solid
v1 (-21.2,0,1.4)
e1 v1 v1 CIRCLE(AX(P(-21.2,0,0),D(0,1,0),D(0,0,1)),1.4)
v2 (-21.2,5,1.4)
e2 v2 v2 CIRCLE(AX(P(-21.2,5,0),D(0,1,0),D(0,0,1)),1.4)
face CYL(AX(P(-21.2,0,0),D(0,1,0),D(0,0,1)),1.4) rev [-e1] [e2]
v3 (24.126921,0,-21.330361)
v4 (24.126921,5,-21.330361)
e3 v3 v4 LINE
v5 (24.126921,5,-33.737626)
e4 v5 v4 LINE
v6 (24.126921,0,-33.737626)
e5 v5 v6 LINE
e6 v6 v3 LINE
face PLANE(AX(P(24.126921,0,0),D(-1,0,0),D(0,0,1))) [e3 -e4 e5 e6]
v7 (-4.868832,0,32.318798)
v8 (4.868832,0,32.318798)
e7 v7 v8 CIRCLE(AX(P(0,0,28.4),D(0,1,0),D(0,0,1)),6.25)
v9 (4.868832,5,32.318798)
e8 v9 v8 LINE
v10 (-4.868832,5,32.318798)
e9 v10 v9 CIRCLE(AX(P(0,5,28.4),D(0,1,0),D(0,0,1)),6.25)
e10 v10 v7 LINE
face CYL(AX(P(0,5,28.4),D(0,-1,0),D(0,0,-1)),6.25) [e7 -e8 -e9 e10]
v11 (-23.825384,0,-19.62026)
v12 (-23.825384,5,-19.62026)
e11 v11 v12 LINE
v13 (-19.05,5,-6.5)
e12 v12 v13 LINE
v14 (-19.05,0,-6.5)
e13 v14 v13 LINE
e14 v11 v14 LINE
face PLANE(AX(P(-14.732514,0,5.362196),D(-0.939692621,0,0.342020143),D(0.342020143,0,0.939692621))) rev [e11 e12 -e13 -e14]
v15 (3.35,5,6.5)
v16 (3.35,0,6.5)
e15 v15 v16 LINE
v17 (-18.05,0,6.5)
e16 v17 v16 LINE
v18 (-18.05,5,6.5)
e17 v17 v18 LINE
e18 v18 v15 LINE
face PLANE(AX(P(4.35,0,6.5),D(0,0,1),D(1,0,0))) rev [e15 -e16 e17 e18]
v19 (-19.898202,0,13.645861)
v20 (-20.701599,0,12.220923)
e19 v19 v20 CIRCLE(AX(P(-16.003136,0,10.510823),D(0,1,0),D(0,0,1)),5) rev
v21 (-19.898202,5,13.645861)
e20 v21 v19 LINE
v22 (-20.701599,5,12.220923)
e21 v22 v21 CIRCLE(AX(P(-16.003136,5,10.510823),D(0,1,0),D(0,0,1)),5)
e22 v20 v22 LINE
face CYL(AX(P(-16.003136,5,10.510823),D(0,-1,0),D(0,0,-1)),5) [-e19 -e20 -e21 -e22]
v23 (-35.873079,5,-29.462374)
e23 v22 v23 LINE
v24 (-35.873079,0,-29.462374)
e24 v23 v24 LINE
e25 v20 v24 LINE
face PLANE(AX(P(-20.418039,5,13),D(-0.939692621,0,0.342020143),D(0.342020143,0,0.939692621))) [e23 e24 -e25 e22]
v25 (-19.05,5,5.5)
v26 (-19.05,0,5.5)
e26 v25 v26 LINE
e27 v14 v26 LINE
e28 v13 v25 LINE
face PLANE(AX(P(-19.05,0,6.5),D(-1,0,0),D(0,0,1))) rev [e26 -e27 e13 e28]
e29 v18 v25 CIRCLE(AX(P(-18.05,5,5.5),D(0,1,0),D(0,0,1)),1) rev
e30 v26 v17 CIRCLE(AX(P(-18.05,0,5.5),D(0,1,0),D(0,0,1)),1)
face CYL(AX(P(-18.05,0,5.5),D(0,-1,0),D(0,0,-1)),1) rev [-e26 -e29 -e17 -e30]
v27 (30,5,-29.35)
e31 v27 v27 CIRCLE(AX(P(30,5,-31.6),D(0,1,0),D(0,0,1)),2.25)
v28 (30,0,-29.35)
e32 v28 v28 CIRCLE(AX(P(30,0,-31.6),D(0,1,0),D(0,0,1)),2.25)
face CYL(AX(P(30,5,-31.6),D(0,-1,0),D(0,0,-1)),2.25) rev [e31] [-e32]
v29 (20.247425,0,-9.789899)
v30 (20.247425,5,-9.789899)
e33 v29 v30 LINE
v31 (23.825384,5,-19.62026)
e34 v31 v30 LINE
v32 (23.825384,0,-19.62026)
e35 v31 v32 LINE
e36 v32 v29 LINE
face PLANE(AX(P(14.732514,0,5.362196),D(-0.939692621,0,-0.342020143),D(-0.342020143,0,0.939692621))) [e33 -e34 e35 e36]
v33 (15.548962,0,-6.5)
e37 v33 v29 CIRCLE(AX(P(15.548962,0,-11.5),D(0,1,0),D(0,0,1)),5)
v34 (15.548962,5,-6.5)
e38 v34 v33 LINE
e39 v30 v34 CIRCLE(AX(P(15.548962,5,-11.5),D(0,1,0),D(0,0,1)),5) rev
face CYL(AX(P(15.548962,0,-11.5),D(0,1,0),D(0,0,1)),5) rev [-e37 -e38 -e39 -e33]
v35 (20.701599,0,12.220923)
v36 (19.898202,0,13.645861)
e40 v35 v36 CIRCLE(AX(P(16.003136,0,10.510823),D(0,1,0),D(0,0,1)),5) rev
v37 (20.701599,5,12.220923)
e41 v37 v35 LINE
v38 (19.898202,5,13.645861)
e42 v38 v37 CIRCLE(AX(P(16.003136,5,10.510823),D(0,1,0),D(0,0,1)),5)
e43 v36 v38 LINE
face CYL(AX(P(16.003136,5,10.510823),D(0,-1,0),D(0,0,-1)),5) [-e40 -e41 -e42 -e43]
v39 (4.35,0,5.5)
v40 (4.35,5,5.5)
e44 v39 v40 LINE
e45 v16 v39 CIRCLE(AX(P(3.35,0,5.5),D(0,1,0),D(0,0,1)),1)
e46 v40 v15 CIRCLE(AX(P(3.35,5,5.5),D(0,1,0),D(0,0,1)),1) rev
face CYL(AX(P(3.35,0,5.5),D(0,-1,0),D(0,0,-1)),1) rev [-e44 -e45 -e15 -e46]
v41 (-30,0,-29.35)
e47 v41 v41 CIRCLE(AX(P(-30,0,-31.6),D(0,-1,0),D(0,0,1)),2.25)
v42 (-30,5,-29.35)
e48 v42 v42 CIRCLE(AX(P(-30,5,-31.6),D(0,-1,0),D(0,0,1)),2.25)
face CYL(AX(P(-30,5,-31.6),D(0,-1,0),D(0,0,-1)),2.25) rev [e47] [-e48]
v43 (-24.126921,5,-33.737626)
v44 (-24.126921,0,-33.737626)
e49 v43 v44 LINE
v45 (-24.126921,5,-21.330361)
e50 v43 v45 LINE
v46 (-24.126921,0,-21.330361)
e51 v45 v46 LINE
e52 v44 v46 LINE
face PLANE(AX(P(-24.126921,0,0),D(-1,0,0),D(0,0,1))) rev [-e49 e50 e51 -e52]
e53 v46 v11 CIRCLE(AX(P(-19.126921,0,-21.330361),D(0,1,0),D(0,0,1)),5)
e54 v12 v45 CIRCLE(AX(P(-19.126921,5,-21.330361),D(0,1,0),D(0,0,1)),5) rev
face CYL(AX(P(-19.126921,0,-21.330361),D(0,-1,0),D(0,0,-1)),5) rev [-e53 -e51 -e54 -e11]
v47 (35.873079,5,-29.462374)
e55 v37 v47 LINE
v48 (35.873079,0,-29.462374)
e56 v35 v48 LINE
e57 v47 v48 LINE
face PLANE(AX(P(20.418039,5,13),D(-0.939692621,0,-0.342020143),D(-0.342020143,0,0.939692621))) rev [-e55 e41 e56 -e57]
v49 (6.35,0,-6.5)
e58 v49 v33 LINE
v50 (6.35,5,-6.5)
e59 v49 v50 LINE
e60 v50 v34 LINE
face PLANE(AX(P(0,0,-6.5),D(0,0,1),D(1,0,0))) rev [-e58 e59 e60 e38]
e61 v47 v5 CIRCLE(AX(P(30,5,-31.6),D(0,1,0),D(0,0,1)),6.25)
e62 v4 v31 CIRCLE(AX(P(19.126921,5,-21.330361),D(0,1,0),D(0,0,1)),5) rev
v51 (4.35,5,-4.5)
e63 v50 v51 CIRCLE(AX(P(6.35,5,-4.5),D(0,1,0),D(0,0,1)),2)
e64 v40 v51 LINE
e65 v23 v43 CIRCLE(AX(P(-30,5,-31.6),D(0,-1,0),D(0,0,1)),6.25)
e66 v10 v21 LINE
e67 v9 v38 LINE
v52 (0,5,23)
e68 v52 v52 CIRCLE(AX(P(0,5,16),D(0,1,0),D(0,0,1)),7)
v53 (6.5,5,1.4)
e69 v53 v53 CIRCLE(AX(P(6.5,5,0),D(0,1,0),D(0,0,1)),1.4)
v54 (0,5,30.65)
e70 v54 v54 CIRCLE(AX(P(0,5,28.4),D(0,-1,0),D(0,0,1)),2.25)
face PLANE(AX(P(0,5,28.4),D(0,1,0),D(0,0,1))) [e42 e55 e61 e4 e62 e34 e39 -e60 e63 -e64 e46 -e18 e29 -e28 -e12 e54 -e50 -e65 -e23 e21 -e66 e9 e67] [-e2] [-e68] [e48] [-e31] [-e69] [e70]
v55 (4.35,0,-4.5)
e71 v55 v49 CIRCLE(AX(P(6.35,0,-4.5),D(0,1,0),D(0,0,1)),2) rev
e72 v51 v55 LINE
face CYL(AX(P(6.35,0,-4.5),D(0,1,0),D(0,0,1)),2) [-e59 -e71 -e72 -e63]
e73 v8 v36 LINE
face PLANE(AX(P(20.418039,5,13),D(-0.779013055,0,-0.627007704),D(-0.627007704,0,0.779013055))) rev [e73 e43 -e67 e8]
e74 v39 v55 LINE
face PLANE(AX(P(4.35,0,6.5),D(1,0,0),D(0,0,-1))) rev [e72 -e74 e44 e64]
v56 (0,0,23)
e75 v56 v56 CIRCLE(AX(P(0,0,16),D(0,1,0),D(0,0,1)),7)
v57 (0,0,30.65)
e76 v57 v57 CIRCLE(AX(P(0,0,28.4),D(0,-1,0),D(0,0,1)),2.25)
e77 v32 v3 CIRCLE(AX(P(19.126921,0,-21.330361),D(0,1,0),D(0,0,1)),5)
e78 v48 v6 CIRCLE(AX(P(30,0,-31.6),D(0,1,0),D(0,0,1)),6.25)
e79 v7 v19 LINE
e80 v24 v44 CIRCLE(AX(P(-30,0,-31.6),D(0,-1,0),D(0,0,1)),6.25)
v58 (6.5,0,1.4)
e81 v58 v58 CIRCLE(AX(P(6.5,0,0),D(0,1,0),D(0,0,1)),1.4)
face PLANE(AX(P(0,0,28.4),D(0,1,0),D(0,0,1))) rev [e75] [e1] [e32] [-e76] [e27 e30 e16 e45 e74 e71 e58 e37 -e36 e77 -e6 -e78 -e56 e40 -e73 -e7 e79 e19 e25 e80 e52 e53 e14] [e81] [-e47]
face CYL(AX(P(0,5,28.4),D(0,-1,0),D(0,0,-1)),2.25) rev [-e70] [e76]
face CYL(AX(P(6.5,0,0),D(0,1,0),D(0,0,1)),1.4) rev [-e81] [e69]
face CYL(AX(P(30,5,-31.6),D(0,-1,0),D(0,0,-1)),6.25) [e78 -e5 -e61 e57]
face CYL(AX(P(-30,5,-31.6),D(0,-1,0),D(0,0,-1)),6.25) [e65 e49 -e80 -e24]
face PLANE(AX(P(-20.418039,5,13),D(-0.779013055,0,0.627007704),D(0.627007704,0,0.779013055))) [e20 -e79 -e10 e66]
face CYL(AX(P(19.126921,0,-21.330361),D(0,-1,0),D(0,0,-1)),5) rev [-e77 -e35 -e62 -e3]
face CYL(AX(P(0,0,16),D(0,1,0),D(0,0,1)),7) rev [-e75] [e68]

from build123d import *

# Parameters (mm, degrees)
SKETCH1_R               = 2.25
BOSS_EXTRUDE1_DEPTH     = 5
CUT_EXTRUDE1_DEPTH      = 53.646794774
CUT_EXTRUDE2_DEPTH      = 53.646794774
CUT_EXTRUDE2_DEPTH_BACK = 53.646794774
SKETCH4_R               = 1.4
SKETCH4_W               = 23.4
SKETCH4_H               = 13
FILLET1_R               = 5
FILLET2_R               = 1
FILLET3_R               = 2
SKETCH5_R               = 7
CUT_EXTRUDE3_DEPTH      = 53.646794774


with BuildPart() as part:
    # Sketch1 → Boss-Extrude1 (new body)
    with BuildSketch(Plane(origin=(0, 0, 0), x_dir=(1, 0, 0), z_dir=(0, 1, 0))):
        with BuildLine():
            Line((0, 9), (15.123161628, 9))
            Line((15.123161628, 9), (24.12692112, 33.737625896))
            ThreePointArc((24.12692112, 33.737625896), (32.137625896, 37.47307888), (35.87307888, 29.462374104))
            Line((35.87307888, 29.462374104), (20.41803863, -13))
            Line((20.41803863, -13), (4.868831591, -32.31879815))
            ThreePointArc((4.868831591, -32.31879815), (2.699074986, -34.037153024), (0, -34.65))
            Line((0, -34.65), (0, -30.65))
            ThreePointArc((0, -30.65), (2.25, -28.4), (0, -26.15))
            Line((0, -26.15), (0, -9))
            Line((0, -9), (0, 9))
        make_face()
        with Locations(Location((30, 31.6, 0), (0, 0, 270))):
            Circle(SKETCH1_R, mode=Mode.SUBTRACT)
    boss_extrude1 = extrude(amount=BOSS_EXTRUDE1_DEPTH)

    # Mirror1: Boss-Extrude1 across plane
    add(boss_extrude1.mirror(Plane(origin=(0, 0, 0), x_dir=(0, 0, 1), z_dir=(1, 0, 0))))

    # Sketch3 → Cut-Extrude1 (cut, symmetric)
    with BuildSketch(Plane(origin=(0, 5, 0), x_dir=(1, 0, 0), z_dir=(0, 1, 0))):
        Polygon((-15.123161628, 9), (-24.12692112, 33.737625896), (-24.12692112, 20.448726138), (-19.05, 6.5), (0, 6.5), (0, 9), align=None)
    cut_extrude1 = extrude(amount=CUT_EXTRUDE1_DEPTH, both=True, mode=Mode.SUBTRACT)

    # Mirror2: Cut-Extrude1 across plane
    add(cut_extrude1.mirror(Plane(origin=(0, 0, 0), x_dir=(0, 0, 1), z_dir=(1, 0, 0))), mode=Mode.SUBTRACT)

    # Sketch4 → Cut-Extrude2 (cut, two sides: drawn at the far end of the back side and taken through both)
    with BuildSketch(Plane(origin=(0, 5, 0), x_dir=(1, 0, 0), z_dir=(0, 1, 0)).offset(-CUT_EXTRUDE2_DEPTH_BACK)):
        with Locations(Location((6.5, 0, 0), (0, 0, 270))):
            Circle(SKETCH4_R)
        with Locations(Location((-21.2, 0, 0), (0, 0, 270))):
            Circle(SKETCH4_R)
        with Locations((-7.35, 0)):
            Rectangle(SKETCH4_W, SKETCH4_H)
    extrude(amount=CUT_EXTRUDE2_DEPTH + CUT_EXTRUDE2_DEPTH_BACK, mode=Mode.SUBTRACT)

    # Fillet1
    fillet1_edges = [part.edges().sort_by_distance(p)[0] for p in [
        (20.41803863, 2.5, 13),
        (-20.41803863, 2.5, 13),
        (-24.12692112, 2.5, -20.448726138),
        (19.05, 2.5, -6.5),
        (24.12692112, 2.5, -20.448726138),
    ]]
    fillet(fillet1_edges, radius=FILLET1_R)

    # Fillet2
    fillet2_edges = [part.edges().sort_by_distance(p)[0] for p in [
        (4.35, 2.5, 6.5),
        (-19.05, 2.5, 6.5),
    ]]
    fillet(fillet2_edges, radius=FILLET2_R)

    # Fillet3
    fillet3_edges = [part.edges().sort_by_distance(p)[0] for p in [
        (4.35, 2.5, -6.5),
    ]]
    fillet(fillet3_edges, radius=FILLET3_R)

    # Sketch5 → Cut-Extrude3 (cut, through all)
    with BuildSketch(Plane(origin=(0, 5, 0), x_dir=(1, 0, 0), z_dir=(0, 1, 0))):
        with Locations(Location((0, -16, 0), (0, 0, 270))):
            Circle(SKETCH5_R)
    extrude(amount=-CUT_EXTRUDE3_DEPTH, mode=Mode.SUBTRACT)


solid = part.part
